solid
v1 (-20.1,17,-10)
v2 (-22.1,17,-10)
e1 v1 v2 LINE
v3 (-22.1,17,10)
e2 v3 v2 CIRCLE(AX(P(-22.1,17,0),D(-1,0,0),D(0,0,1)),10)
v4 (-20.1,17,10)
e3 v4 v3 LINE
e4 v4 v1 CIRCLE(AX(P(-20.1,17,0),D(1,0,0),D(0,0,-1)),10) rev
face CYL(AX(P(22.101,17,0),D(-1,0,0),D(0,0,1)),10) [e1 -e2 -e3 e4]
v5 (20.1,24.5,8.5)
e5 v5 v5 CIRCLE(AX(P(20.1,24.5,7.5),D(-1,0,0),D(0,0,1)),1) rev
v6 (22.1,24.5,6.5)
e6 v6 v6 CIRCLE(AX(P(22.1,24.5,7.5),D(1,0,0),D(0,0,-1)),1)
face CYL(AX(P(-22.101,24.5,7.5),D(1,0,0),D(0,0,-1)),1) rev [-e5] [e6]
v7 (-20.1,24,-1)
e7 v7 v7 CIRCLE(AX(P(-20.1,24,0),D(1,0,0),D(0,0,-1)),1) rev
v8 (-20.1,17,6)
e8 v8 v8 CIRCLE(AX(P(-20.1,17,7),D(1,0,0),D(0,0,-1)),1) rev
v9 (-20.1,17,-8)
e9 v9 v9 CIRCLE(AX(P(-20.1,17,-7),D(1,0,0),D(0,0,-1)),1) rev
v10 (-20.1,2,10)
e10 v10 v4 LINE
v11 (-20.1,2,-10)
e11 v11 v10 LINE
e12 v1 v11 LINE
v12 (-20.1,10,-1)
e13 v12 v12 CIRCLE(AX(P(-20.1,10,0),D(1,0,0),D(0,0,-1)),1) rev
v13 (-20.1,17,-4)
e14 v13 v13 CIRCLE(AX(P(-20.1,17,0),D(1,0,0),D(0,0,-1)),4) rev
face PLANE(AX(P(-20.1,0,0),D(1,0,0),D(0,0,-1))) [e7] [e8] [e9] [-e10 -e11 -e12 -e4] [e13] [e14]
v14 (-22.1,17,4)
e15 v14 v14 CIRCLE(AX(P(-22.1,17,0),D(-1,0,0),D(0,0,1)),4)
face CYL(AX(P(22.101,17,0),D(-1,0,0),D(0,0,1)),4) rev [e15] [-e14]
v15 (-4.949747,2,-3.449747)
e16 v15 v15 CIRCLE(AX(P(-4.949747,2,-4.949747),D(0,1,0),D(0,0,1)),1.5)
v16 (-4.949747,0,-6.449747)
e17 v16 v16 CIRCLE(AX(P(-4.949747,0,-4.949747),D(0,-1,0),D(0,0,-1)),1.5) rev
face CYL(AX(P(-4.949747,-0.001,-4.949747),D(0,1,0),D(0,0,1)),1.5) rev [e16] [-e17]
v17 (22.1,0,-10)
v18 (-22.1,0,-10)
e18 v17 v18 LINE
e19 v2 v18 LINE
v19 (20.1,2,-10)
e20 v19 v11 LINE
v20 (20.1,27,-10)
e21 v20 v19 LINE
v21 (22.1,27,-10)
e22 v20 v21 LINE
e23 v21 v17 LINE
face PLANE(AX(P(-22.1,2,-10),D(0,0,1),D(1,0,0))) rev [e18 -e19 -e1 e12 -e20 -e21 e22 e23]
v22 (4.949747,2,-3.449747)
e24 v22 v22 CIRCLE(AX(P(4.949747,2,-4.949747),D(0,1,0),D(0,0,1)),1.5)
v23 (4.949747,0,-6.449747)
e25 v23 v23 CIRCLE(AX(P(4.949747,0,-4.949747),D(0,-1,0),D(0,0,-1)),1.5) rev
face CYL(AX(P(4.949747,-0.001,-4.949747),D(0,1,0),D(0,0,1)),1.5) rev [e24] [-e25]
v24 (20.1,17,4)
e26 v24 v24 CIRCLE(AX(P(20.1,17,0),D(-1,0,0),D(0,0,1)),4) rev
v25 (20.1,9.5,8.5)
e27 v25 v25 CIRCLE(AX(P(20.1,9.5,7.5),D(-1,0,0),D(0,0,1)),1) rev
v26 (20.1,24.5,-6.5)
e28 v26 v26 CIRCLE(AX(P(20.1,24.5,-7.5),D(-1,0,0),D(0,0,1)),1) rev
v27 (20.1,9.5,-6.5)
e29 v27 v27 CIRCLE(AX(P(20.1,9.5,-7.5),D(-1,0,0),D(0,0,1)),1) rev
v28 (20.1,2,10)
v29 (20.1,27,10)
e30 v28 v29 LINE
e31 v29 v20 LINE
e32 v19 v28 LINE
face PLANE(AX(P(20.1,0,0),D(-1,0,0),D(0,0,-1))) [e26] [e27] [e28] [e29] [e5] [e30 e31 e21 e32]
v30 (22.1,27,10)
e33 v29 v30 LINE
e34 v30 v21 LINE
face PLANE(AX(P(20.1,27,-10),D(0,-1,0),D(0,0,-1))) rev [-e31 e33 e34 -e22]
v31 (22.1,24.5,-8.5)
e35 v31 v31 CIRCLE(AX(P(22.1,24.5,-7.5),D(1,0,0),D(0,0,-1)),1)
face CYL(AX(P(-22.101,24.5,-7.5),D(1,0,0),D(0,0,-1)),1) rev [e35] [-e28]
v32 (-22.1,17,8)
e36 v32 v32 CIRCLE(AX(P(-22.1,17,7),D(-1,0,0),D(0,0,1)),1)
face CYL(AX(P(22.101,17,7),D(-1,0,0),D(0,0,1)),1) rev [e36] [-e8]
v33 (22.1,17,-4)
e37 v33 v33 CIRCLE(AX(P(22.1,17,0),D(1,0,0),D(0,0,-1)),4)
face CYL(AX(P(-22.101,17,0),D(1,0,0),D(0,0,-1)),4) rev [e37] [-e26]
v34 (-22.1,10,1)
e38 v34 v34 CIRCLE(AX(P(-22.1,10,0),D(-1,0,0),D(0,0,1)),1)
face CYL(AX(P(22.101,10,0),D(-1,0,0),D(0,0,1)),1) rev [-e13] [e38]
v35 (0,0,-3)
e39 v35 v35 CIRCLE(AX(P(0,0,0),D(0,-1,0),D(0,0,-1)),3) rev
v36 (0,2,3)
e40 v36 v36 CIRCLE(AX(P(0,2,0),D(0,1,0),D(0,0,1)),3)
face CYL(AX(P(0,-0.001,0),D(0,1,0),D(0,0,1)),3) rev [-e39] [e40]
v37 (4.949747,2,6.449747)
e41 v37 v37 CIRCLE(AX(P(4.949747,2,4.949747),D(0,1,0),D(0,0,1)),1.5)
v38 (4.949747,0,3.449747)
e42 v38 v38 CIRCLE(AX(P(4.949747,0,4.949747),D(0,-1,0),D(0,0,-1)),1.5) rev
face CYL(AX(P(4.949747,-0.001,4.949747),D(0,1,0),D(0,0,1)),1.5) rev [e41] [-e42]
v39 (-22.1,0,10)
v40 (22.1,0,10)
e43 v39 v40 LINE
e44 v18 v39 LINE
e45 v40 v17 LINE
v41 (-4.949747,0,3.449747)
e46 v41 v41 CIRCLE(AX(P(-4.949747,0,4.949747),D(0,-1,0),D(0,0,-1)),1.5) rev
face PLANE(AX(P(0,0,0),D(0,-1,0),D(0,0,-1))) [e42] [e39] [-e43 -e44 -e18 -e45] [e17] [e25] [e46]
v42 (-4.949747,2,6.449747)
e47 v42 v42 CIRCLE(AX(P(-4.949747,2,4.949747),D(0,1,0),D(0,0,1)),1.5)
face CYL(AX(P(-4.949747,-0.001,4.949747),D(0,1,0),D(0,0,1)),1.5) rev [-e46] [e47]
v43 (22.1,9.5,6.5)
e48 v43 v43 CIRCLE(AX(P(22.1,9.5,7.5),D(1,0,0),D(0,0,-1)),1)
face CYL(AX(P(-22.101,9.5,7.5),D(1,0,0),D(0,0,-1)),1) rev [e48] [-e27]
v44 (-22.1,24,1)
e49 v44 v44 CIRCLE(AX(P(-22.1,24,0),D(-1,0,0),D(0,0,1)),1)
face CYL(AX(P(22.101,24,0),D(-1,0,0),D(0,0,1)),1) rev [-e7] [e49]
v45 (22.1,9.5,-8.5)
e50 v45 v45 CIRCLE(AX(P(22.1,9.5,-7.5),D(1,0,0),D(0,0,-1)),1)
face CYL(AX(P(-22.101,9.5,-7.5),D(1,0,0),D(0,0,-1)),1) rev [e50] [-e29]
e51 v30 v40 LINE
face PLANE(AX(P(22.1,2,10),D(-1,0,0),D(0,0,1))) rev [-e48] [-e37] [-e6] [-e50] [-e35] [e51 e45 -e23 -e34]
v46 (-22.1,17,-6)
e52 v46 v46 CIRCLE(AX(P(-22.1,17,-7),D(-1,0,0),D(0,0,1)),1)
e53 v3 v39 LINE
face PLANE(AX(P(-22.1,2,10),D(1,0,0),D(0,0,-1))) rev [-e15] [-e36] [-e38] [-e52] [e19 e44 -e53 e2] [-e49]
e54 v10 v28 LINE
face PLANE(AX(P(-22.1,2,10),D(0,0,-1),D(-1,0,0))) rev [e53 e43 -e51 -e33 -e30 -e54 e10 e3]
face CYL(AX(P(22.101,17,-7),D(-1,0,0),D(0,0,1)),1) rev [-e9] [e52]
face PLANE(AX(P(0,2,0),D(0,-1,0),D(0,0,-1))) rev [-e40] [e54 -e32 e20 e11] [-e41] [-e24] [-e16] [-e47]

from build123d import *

# Parameters (mm, degrees)
SKETCH_1_W          = 44.2
SKETCH_1_H          = 20
EXTRUDE_1_DEPTH     = 2
CUT_EXTRUDE_1_REACH = 4
SKETCH_2_R          = 3
SKETCH_2_R_2        = 1.5
SKETCH_3_W          = 20
SKETCH_3_H          = 25
EXTRUDE_2_DEPTH     = 2
CUT_EXTRUDE_2_REACH = 46.2
SKETCH_4_R          = 4
SKETCH_4_R_2        = 1
CUT_EXTRUDE_3_REACH = 46.2
SKETCH_5_R          = 4
SKETCH_5_R_2        = 1


with BuildPart() as part:
    # 草图1 → 凸台-拉伸1 (new body)
    with BuildSketch(Plane(origin=(0, 0, 0), x_dir=(1, 0, 0), z_dir=(0, 1, 0))):
        Rectangle(SKETCH_1_W, SKETCH_1_H)
    extrude(amount=EXTRUDE_1_DEPTH)

    # 草图2 → 切除-拉伸1 (cut, up to next)
    with BuildSketch(Plane(origin=(0, 2, 0), x_dir=(1, 0, 0), z_dir=(0, 1, 0)), mode=Mode.PRIVATE) as cut_extrude_1_sk1:
        Circle(SKETCH_2_R)
    cut_extrude_1_tool1 = extrude(cut_extrude_1_sk1.sketch, amount=-CUT_EXTRUDE_1_REACH, mode=Mode.PRIVATE) & part.part
    add(cut_extrude_1_tool1.solids().sort_by_distance((0, 2, 0))[0], mode=Mode.SUBTRACT)
    # 草图2 → 切除-拉伸1 (cut, up to next)
    with BuildSketch(Plane(origin=(0, 2, 0), x_dir=(1, 0, 0), z_dir=(0, 1, 0)), mode=Mode.PRIVATE) as cut_extrude_1_sk2:
        with Locations((4.949747468, -4.949747468)):
            Circle(SKETCH_2_R_2)
    cut_extrude_1_tool2 = extrude(cut_extrude_1_sk2.sketch, amount=-CUT_EXTRUDE_1_REACH, mode=Mode.PRIVATE) & part.part
    add(cut_extrude_1_tool2.solids().sort_by_distance((4.949747, 2, 4.949747))[0], mode=Mode.SUBTRACT)
    # 草图2 → 切除-拉伸1 (cut, up to next)
    with BuildSketch(Plane(origin=(0, 2, 0), x_dir=(1, 0, 0), z_dir=(0, 1, 0)), mode=Mode.PRIVATE) as cut_extrude_1_sk3:
        with Locations((-4.949747468, -4.949747468)):
            Circle(SKETCH_2_R_2)
    cut_extrude_1_tool3 = extrude(cut_extrude_1_sk3.sketch, amount=-CUT_EXTRUDE_1_REACH, mode=Mode.PRIVATE) & part.part
    add(cut_extrude_1_tool3.solids().sort_by_distance((-4.949747, 2, 4.949747))[0], mode=Mode.SUBTRACT)
    # 草图2 → 切除-拉伸1 (cut, up to next)
    with BuildSketch(Plane(origin=(0, 2, 0), x_dir=(1, 0, 0), z_dir=(0, 1, 0)), mode=Mode.PRIVATE) as cut_extrude_1_sk4:
        with Locations((-4.949747468, 4.949747468)):
            Circle(SKETCH_2_R_2)
    cut_extrude_1_tool4 = extrude(cut_extrude_1_sk4.sketch, amount=-CUT_EXTRUDE_1_REACH, mode=Mode.PRIVATE) & part.part
    add(cut_extrude_1_tool4.solids().sort_by_distance((-4.949747, 2, -4.949747))[0], mode=Mode.SUBTRACT)
    # 草图2 → 切除-拉伸1 (cut, up to next)
    with BuildSketch(Plane(origin=(0, 2, 0), x_dir=(1, 0, 0), z_dir=(0, 1, 0)), mode=Mode.PRIVATE) as cut_extrude_1_sk5:
        with Locations((4.949747468, 4.949747468)):
            Circle(SKETCH_2_R_2)
    cut_extrude_1_tool5 = extrude(cut_extrude_1_sk5.sketch, amount=-CUT_EXTRUDE_1_REACH, mode=Mode.PRIVATE) & part.part
    add(cut_extrude_1_tool5.solids().sort_by_distance((4.949747, 2, -4.949747))[0], mode=Mode.SUBTRACT)

    # 草图3 → 凸台-拉伸2 (add)
    with BuildSketch(Plane.ZY.offset(22.1)):
        with Locations((0, 14.5)):
            Rectangle(SKETCH_3_W, SKETCH_3_H)
    extrude_2 = extrude(amount=-EXTRUDE_2_DEPTH)

    # 镜向2: 凸台-拉伸2 across plane
    add(extrude_2.mirror(Plane.ZY))

    # 草图4 → 切除-拉伸2 (cut, up to next)
    with BuildSketch(Plane.ZY.offset(22.1), mode=Mode.PRIVATE) as cut_extrude_2_sk1:
        with BuildLine():
            ThreePointArc((-10, 17), (-7.071067806, 24.071067818), (1.6e-08, 27))
            Line((1.6e-08, 27), (-10, 27))
            Line((-10, 27), (-10, 17))
        make_face()
    cut_extrude_2_tool1 = extrude(cut_extrude_2_sk1.sketch, amount=-CUT_EXTRUDE_2_REACH, mode=Mode.PRIVATE) & part.part
    add(cut_extrude_2_tool1.solids().sort_by_distance((-22.1, 24.766321, -7.766321))[0], mode=Mode.SUBTRACT)
    # 草图4 → 切除-拉伸2 (cut, up to next)
    with BuildSketch(Plane.ZY.offset(22.1), mode=Mode.PRIVATE) as cut_extrude_2_sk2:
        with BuildLine():
            Line((10, 17), (10, 27))
            Line((10, 27), (1.6e-08, 27))
            ThreePointArc((1.6e-08, 27), (7.071067818, 24.071067806), (10, 17))
        make_face()
    cut_extrude_2_tool2 = extrude(cut_extrude_2_sk2.sketch, amount=-CUT_EXTRUDE_2_REACH, mode=Mode.PRIVATE) & part.part
    add(cut_extrude_2_tool2.solids().sort_by_distance((-22.1, 24.766321, 7.766321))[0], mode=Mode.SUBTRACT)
    # 草图4 → 切除-拉伸2 (cut, up to next)
    with BuildSketch(Plane.ZY.offset(22.1), mode=Mode.PRIVATE) as cut_extrude_2_sk3:
        with Locations((0, 17)):
            Circle(SKETCH_4_R)
    cut_extrude_2_tool3 = extrude(cut_extrude_2_sk3.sketch, amount=-CUT_EXTRUDE_2_REACH, mode=Mode.PRIVATE) & part.part
    add(cut_extrude_2_tool3.solids().sort_by_distance((-22.1, 17, 0))[0], mode=Mode.SUBTRACT)
    # 草图4 → 切除-拉伸2 (cut, up to next)
    with BuildSketch(Plane.ZY.offset(22.1), mode=Mode.PRIVATE) as cut_extrude_2_sk4:
        with Locations((0, 24)):
            Circle(SKETCH_4_R_2)
    cut_extrude_2_tool4 = extrude(cut_extrude_2_sk4.sketch, amount=-CUT_EXTRUDE_2_REACH, mode=Mode.PRIVATE) & part.part
    add(cut_extrude_2_tool4.solids().sort_by_distance((-22.1, 24, 0))[0], mode=Mode.SUBTRACT)
    # 草图4 → 切除-拉伸2 (cut, up to next)
    with BuildSketch(Plane.ZY.offset(22.1), mode=Mode.PRIVATE) as cut_extrude_2_sk5:
        with Locations((7, 17)):
            Circle(SKETCH_4_R_2)
    cut_extrude_2_tool5 = extrude(cut_extrude_2_sk5.sketch, amount=-CUT_EXTRUDE_2_REACH, mode=Mode.PRIVATE) & part.part
    add(cut_extrude_2_tool5.solids().sort_by_distance((-22.1, 17, 7))[0], mode=Mode.SUBTRACT)
    # 草图4 → 切除-拉伸2 (cut, up to next)
    with BuildSketch(Plane.ZY.offset(22.1), mode=Mode.PRIVATE) as cut_extrude_2_sk6:
        with Locations((0, 10)):
            Circle(SKETCH_4_R_2)
    cut_extrude_2_tool6 = extrude(cut_extrude_2_sk6.sketch, amount=-CUT_EXTRUDE_2_REACH, mode=Mode.PRIVATE) & part.part
    add(cut_extrude_2_tool6.solids().sort_by_distance((-22.1, 10, 0))[0], mode=Mode.SUBTRACT)
    # 草图4 → 切除-拉伸2 (cut, up to next)
    with BuildSketch(Plane.ZY.offset(22.1), mode=Mode.PRIVATE) as cut_extrude_2_sk7:
        with Locations((-7, 17)):
            Circle(SKETCH_4_R_2)
    cut_extrude_2_tool7 = extrude(cut_extrude_2_sk7.sketch, amount=-CUT_EXTRUDE_2_REACH, mode=Mode.PRIVATE) & part.part
    add(cut_extrude_2_tool7.solids().sort_by_distance((-22.1, 17, -7))[0], mode=Mode.SUBTRACT)

    # 草图5 → 切除-拉伸3 (cut, up to next)
    with BuildSketch(Plane(origin=(22.1, 0, 0), x_dir=(0, 0, -1), z_dir=(1, 0, 0)), mode=Mode.PRIVATE) as cut_extrude_3_sk1:
        with Locations((0, 17)):
            Circle(SKETCH_5_R)
    cut_extrude_3_tool1 = extrude(cut_extrude_3_sk1.sketch, amount=-CUT_EXTRUDE_3_REACH, mode=Mode.PRIVATE) & part.part
    add(cut_extrude_3_tool1.solids().sort_by_distance((22.1, 17, 0))[0], mode=Mode.SUBTRACT)
    # 草图5 → 切除-拉伸3 (cut, up to next)
    with BuildSketch(Plane(origin=(22.1, 0, 0), x_dir=(0, 0, -1), z_dir=(1, 0, 0)), mode=Mode.PRIVATE) as cut_extrude_3_sk2:
        with Locations((-7.5, 24.5)):
            Circle(SKETCH_5_R_2)
    cut_extrude_3_tool2 = extrude(cut_extrude_3_sk2.sketch, amount=-CUT_EXTRUDE_3_REACH, mode=Mode.PRIVATE) & part.part
    add(cut_extrude_3_tool2.solids().sort_by_distance((22.1, 24.5, 7.5))[0], mode=Mode.SUBTRACT)
    # 草图5 → 切除-拉伸3 (cut, up to next)
    with BuildSketch(Plane(origin=(22.1, 0, 0), x_dir=(0, 0, -1), z_dir=(1, 0, 0)), mode=Mode.PRIVATE) as cut_extrude_3_sk3:
        with Locations((7.5, 24.5)):
            Circle(SKETCH_5_R_2)
    cut_extrude_3_tool3 = extrude(cut_extrude_3_sk3.sketch, amount=-CUT_EXTRUDE_3_REACH, mode=Mode.PRIVATE) & part.part
    add(cut_extrude_3_tool3.solids().sort_by_distance((22.1, 24.5, -7.5))[0], mode=Mode.SUBTRACT)
    # 草图5 → 切除-拉伸3 (cut, up to next)
    with BuildSketch(Plane(origin=(22.1, 0, 0), x_dir=(0, 0, -1), z_dir=(1, 0, 0)), mode=Mode.PRIVATE) as cut_extrude_3_sk4:
        with Locations((7.5, 9.5)):
            Circle(SKETCH_5_R_2)
    cut_extrude_3_tool4 = extrude(cut_extrude_3_sk4.sketch, amount=-CUT_EXTRUDE_3_REACH, mode=Mode.PRIVATE) & part.part
    add(cut_extrude_3_tool4.solids().sort_by_distance((22.1, 9.5, -7.5))[0], mode=Mode.SUBTRACT)
    # 草图5 → 切除-拉伸3 (cut, up to next)
    with BuildSketch(Plane(origin=(22.1, 0, 0), x_dir=(0, 0, -1), z_dir=(1, 0, 0)), mode=Mode.PRIVATE) as cut_extrude_3_sk5:
        with Locations((-7.5, 9.5)):
            Circle(SKETCH_5_R_2)
    cut_extrude_3_tool5 = extrude(cut_extrude_3_sk5.sketch, amount=-CUT_EXTRUDE_3_REACH, mode=Mode.PRIVATE) & part.part
    add(cut_extrude_3_tool5.solids().sort_by_distance((22.1, 9.5, 7.5))[0], mode=Mode.SUBTRACT)


solid = part.part
